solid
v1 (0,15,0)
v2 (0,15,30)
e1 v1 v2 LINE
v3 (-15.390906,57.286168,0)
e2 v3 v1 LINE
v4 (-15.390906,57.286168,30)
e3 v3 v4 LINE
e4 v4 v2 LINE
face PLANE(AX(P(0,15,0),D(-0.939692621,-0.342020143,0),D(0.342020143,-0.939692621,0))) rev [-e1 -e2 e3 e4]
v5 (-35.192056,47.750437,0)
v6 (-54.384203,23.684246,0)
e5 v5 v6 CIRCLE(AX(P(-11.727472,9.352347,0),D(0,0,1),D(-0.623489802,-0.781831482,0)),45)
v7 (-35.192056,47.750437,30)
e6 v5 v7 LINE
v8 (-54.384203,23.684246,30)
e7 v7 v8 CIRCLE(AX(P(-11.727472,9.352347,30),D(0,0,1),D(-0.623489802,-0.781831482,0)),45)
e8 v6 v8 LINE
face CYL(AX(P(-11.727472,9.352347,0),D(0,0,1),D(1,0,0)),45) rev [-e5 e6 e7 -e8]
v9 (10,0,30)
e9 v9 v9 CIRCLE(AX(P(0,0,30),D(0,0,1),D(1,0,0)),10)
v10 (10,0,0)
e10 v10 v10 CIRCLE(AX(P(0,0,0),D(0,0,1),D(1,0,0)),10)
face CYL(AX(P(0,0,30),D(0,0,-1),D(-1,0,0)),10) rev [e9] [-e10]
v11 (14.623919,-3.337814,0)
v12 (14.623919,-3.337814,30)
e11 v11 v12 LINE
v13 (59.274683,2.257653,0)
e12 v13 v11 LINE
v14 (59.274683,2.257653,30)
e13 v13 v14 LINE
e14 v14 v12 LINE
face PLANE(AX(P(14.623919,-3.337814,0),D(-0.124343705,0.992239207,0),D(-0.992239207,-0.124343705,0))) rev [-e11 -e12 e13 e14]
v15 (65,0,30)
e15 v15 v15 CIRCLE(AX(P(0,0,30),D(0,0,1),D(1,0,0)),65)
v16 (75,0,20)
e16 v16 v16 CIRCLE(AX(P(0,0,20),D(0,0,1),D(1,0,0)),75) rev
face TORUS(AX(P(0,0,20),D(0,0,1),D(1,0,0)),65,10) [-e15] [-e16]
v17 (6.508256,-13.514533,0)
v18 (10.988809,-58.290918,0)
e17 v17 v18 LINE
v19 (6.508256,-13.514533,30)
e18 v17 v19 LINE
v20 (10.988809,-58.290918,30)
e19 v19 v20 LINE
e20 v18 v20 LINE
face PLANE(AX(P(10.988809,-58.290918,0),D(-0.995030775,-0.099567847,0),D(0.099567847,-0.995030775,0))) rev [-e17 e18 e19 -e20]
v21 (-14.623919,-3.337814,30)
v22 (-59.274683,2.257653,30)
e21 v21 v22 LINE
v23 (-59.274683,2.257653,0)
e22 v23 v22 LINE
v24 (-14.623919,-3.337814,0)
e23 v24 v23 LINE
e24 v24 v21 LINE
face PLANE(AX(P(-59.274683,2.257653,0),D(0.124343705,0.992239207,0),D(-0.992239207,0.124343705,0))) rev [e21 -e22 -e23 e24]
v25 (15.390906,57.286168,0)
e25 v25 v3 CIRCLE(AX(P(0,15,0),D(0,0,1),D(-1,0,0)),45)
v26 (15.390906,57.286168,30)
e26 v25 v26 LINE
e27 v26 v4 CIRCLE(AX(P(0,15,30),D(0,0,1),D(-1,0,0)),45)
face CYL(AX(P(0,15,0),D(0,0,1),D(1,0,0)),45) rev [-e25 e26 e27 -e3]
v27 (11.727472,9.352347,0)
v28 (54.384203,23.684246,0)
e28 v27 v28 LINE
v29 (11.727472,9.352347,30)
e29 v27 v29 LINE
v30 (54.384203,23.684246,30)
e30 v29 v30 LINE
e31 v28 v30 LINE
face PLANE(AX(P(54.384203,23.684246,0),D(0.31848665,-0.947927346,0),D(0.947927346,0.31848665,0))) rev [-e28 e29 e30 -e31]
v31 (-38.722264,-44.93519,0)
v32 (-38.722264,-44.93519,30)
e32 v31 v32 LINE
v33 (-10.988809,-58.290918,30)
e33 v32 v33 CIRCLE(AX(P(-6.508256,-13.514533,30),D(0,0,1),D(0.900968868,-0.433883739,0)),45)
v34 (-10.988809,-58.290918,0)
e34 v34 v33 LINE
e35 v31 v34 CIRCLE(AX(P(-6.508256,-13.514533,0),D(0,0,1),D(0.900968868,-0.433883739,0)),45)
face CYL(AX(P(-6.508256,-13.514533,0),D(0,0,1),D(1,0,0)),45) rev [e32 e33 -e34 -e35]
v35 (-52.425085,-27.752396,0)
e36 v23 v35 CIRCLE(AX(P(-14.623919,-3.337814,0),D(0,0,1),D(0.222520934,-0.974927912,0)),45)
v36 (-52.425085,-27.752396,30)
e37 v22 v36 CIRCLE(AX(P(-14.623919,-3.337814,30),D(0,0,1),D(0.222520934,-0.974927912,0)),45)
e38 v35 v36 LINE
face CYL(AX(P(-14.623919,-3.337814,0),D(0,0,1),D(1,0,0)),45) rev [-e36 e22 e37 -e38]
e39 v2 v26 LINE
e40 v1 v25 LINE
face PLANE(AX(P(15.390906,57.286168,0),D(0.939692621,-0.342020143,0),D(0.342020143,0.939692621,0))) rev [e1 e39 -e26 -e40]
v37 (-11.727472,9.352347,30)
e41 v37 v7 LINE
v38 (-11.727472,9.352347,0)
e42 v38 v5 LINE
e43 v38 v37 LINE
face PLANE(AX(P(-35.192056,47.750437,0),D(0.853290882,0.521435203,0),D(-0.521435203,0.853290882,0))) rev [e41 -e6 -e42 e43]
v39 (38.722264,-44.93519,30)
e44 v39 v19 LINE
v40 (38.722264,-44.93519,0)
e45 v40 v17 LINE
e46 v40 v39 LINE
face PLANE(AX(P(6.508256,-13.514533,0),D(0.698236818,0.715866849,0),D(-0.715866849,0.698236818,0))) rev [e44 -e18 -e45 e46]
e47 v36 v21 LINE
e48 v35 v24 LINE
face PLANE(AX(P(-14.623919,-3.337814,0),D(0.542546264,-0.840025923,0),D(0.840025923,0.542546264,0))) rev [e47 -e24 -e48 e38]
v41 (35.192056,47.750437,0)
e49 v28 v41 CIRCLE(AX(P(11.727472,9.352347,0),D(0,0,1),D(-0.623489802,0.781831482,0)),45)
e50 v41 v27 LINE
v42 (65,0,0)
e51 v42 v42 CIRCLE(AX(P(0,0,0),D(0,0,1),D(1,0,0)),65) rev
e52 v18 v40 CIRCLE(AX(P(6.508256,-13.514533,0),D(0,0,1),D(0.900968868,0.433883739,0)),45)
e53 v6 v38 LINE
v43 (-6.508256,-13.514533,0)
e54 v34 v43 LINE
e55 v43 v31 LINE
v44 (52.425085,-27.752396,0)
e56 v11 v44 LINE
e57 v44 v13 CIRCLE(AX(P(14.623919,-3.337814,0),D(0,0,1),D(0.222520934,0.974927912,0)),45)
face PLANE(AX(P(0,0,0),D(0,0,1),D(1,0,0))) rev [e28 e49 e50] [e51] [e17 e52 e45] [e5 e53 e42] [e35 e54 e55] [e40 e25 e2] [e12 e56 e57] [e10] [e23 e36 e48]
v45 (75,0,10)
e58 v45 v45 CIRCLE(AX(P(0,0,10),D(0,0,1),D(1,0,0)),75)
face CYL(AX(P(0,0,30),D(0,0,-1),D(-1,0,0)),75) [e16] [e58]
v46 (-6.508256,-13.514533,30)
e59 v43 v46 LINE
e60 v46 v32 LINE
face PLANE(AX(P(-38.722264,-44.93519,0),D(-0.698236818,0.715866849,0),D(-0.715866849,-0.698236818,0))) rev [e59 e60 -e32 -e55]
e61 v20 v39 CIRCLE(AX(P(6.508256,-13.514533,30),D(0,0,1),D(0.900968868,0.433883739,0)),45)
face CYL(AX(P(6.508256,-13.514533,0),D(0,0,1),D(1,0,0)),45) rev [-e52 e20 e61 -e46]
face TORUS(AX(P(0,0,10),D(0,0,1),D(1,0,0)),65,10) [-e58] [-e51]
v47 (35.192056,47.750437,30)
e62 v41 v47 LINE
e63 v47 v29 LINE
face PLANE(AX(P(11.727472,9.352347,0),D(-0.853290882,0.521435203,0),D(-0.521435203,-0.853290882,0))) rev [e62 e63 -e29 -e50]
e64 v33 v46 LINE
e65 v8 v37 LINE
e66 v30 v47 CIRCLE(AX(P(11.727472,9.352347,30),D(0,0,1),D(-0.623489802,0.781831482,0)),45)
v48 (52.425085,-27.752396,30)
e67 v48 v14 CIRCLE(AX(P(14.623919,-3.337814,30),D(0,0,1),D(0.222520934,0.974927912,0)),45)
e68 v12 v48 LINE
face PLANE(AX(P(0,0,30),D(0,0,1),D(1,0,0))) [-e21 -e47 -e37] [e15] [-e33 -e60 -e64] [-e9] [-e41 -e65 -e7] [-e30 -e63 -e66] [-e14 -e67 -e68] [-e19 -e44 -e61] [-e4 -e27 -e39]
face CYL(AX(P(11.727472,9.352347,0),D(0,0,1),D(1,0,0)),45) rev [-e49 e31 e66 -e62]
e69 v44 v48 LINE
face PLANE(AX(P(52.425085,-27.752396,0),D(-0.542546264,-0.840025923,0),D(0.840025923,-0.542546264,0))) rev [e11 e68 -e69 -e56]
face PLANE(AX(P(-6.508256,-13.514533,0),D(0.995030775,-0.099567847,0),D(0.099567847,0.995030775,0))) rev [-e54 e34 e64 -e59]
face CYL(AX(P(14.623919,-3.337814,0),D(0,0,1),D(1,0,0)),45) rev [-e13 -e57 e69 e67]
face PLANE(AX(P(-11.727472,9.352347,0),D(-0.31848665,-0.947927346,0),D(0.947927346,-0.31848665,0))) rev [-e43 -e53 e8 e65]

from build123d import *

# Parameters (mm, degrees)
SKETCH1_R           = 75
SKETCH1_R_2         = 10
BOSS_EXTRUDE1_DEPTH = 30
CUT_EXTRUDE1_DEPTH  = 111.227038425
FILLET1_R           = 10
CIRPATTERN1_COUNT   = 7


with BuildPart() as part:
    # Sketch1 → Boss-Extrude1 (new body)
    with BuildSketch(Plane.XY):
        Circle(SKETCH1_R)
        Circle(SKETCH1_R_2, mode=Mode.SUBTRACT)
    extrude(amount=BOSS_EXTRUDE1_DEPTH)

    # Sketch2 → Cut-Extrude1 (cut, through all)
    with BuildSketch(Plane.XY.offset(30)):
        with BuildLine():
            Line((0, 15), (-15.39090645, 57.286167935))
            ThreePointArc((-15.39090645, 57.286167935), (0, 60), (15.39090645, 57.286167935))
            Line((15.39090645, 57.286167935), (0, 15))
        make_face()
    cut_extrude1 = extrude(amount=-CUT_EXTRUDE1_DEPTH, mode=Mode.SUBTRACT)

    # Fillet1
    fillet1_edges = [part.edges().sort_by_distance(p)[0] for p in [
        (-75, 0, 0),
        (-75, 0, 30),
    ]]
    fillet(fillet1_edges, radius=FILLET1_R)

    # CirPattern1: Cut-Extrude1 ×7 about axis
    cirpattern1_axis = Axis((0, 0, 0), (0, 0, 1))
    for i in range(1, CIRPATTERN1_COUNT):
        add(cut_extrude1.rotate(cirpattern1_axis, i * 360 / CIRPATTERN1_COUNT), mode=Mode.SUBTRACT)


solid = part.part
